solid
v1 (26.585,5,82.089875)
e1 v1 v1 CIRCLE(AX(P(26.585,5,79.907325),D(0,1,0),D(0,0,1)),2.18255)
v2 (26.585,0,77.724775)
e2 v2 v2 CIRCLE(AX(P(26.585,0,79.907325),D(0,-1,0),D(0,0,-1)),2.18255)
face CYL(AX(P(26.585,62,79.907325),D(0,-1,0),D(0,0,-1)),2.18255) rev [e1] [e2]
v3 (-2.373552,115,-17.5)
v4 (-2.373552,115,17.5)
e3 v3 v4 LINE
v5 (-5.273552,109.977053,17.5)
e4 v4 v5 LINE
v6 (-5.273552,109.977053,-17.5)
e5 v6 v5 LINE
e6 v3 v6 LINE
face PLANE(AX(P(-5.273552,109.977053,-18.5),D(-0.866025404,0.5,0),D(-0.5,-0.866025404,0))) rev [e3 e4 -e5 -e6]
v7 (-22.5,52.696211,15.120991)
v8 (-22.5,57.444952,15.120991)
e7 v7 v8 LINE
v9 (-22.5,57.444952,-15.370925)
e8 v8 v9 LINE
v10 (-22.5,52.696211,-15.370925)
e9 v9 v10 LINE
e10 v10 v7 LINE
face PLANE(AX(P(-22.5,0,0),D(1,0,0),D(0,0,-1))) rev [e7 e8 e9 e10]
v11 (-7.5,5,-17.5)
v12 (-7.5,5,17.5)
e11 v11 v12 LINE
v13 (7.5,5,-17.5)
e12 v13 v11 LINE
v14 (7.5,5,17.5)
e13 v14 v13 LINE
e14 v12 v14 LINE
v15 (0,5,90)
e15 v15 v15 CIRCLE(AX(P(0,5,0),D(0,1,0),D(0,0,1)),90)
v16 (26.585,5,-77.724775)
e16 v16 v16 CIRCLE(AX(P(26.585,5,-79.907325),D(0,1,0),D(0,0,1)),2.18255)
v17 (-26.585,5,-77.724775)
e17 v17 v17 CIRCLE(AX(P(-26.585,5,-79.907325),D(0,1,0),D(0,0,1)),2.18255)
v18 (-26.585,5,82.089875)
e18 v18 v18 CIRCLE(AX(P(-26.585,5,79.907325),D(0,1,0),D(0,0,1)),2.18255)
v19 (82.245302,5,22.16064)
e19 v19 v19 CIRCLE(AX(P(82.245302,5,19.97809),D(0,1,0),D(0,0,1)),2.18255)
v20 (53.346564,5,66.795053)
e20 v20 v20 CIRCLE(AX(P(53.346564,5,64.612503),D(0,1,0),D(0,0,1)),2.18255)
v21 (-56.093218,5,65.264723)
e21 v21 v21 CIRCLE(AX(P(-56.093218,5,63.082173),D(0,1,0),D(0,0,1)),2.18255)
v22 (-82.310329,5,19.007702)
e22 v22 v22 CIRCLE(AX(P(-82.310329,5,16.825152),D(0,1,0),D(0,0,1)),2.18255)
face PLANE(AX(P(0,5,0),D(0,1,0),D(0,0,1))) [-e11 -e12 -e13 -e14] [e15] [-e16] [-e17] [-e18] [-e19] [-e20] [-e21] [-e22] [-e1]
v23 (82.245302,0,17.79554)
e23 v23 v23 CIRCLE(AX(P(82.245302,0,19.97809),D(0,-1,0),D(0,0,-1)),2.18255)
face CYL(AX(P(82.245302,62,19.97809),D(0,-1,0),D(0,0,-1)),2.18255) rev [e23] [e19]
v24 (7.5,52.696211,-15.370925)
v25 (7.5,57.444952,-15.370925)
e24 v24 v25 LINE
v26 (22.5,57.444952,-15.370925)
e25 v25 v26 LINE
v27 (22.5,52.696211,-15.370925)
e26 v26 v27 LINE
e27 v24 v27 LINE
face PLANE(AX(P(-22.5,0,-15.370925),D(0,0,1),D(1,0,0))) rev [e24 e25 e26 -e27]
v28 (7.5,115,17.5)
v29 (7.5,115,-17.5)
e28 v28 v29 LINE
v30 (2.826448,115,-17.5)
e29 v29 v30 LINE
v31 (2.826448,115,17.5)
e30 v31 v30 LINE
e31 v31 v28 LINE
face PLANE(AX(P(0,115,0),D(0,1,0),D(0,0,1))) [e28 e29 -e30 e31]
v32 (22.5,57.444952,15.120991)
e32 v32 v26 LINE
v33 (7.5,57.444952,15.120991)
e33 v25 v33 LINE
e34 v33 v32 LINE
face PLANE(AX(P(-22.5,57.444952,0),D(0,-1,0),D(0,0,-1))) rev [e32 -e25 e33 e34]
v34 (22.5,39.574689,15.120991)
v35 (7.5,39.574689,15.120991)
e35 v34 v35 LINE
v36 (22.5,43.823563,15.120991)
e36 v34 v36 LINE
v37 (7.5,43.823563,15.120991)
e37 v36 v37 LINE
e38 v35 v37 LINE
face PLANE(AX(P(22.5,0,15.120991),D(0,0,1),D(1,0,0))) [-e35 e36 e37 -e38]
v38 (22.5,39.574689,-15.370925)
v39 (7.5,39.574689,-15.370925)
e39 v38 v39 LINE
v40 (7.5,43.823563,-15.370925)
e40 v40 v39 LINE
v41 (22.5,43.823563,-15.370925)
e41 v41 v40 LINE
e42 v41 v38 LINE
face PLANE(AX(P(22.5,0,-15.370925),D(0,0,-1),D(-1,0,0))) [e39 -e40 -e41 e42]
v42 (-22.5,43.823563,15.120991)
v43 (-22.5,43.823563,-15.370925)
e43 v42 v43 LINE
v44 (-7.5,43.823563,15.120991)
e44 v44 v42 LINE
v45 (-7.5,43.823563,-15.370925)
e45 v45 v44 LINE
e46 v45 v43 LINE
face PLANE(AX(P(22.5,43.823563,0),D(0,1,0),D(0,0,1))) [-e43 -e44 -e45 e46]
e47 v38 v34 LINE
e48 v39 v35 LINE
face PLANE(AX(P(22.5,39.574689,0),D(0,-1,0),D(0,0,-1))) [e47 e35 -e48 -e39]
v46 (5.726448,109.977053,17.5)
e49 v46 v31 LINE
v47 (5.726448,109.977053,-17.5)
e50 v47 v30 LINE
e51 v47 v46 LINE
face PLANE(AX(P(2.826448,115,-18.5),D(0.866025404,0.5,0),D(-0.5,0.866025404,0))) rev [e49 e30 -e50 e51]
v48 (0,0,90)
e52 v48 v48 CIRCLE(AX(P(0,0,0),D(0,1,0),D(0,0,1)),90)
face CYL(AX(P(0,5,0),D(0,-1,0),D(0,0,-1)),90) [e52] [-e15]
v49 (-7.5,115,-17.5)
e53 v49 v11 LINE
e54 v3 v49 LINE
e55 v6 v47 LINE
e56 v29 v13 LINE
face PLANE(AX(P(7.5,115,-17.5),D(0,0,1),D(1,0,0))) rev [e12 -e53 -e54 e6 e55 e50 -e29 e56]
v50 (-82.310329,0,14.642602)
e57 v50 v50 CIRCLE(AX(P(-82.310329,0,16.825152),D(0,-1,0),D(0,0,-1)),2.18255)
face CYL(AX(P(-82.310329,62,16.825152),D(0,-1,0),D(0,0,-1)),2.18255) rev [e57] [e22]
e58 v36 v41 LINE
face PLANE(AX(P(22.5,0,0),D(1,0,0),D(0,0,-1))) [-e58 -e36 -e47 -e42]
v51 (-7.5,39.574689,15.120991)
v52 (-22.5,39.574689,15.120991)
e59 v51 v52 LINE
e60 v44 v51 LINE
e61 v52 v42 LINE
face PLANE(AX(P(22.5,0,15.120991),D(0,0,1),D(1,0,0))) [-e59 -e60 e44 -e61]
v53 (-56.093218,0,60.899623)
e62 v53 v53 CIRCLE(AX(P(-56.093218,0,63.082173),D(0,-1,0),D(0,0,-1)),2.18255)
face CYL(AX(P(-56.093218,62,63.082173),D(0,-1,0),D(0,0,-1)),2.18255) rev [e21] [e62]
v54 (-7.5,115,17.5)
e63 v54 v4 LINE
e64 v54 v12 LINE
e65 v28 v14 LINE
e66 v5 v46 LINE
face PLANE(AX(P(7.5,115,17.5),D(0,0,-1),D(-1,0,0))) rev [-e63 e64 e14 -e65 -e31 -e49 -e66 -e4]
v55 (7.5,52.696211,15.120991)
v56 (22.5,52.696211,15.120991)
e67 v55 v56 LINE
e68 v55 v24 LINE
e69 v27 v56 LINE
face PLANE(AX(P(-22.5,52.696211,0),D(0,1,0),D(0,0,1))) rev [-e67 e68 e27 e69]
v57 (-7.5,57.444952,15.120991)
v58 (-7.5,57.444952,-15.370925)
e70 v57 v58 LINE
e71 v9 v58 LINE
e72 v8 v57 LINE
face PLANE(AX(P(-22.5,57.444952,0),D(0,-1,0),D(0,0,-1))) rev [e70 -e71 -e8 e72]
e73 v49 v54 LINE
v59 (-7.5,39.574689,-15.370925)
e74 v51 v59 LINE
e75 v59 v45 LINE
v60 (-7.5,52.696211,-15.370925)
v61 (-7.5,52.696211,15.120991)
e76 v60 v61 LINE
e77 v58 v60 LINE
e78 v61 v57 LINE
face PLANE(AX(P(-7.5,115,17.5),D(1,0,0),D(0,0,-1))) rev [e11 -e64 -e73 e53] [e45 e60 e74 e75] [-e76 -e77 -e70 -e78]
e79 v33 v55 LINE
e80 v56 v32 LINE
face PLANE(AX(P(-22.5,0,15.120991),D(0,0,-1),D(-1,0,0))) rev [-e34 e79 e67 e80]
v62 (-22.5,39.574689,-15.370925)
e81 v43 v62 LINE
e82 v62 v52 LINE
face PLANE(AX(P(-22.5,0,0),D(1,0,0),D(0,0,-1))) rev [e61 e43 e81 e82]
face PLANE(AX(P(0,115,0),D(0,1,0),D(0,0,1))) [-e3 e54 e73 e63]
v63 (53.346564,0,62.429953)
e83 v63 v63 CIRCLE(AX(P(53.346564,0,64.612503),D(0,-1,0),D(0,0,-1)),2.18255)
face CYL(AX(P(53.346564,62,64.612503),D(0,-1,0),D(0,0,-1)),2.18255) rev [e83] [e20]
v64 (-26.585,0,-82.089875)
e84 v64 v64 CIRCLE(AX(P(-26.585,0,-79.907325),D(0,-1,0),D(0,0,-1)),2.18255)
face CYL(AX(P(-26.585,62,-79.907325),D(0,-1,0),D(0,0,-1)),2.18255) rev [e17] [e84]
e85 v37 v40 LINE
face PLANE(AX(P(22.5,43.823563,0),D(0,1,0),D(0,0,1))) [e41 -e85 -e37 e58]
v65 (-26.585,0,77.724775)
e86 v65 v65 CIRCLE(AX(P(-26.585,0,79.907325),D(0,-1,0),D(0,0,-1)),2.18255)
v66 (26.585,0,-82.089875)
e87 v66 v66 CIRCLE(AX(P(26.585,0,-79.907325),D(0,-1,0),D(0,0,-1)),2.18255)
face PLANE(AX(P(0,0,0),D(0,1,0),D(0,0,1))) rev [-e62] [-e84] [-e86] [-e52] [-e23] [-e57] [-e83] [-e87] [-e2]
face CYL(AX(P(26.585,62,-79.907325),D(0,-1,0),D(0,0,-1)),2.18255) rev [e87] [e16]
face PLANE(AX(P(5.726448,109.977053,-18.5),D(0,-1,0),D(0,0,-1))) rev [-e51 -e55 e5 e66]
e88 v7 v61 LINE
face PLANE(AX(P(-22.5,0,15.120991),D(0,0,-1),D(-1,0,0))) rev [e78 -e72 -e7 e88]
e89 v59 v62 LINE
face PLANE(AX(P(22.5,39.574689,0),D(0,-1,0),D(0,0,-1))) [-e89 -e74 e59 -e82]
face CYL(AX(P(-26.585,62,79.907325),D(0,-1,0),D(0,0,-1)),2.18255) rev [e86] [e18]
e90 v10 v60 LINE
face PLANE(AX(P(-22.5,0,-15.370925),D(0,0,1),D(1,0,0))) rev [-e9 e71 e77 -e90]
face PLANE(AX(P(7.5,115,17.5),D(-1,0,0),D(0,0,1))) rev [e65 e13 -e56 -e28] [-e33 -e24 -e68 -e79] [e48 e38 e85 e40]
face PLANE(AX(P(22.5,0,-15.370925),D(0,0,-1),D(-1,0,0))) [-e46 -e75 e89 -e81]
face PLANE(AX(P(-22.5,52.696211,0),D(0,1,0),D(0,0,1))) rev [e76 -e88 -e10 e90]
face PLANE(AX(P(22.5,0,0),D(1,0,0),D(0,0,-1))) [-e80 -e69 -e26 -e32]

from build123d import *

# Parameters (mm, degrees)
SKETCH1_R                = 90
BOSS_EXTRUDE1_DEPTH      = 5
SKETCH2_W                = 15
SKETCH2_H                = 35
BOSS_EXTRUDE2_DEPTH      = 110
CUT_EXTRUDE1_DEPTH       = 36
SKETCH4_R                = 2.18255
CUT_EXTRUDE2_DEPTH       = 62
BOSS_EXTRUDE4_DEPTH      = 15
BOSS_EXTRUDE4_DEPTH_BACK = 30
SKETCH6_W                = 30.491916349
SKETCH6_H                = 4.74874107
SKETCH6_H_2              = 4.248873589


with BuildPart() as part:
    # Sketch1 → Boss-Extrude1 (new body)
    with BuildSketch(Plane(origin=(0, 0, 0), x_dir=(1, 0, 0), z_dir=(0, 1, 0))):
        with Locations(Location((0, 0, 0), (0, 0, 270))):
            Circle(SKETCH1_R)
    extrude(amount=BOSS_EXTRUDE1_DEPTH)

    # Sketch2 → Boss-Extrude2 (add)
    with BuildSketch(Plane(origin=(0, 5, 0), x_dir=(1, 0, 0), z_dir=(0, 1, 0))):
        Rectangle(SKETCH2_W, SKETCH2_H)
    extrude(amount=BOSS_EXTRUDE2_DEPTH)

    # Sketch3 → Cut-Extrude1 (cut)
    with BuildSketch(Plane.XY.offset(17.5)):
        Polygon((-2.373551685, 115), (2.826448315, 115), (5.726448315, 109.977052658), (-5.273551685, 109.977052658), align=None)
    extrude(amount=-CUT_EXTRUDE1_DEPTH, mode=Mode.SUBTRACT)

    # Sketch4 → Cut-Extrude2 (cut)
    with BuildSketch(Plane(origin=(0, 0, 0), x_dir=(-1, 0, 0), z_dir=(0, -1, 0))):
        with Locations(Location((-26.585, 79.907325251, 0), (0, 0, 90))):
            Circle(SKETCH4_R)
        with Locations(Location((26.585, 79.907325251, 0), (0, 0, 90))):
            Circle(SKETCH4_R)
        with Locations(Location((82.310329065, -16.825152102, 0), (0, 0, 90))):
            Circle(SKETCH4_R)
        with Locations(Location((56.093218167, -63.082173149, 0), (0, 0, 90))):
            Circle(SKETCH4_R)
        with Locations(Location((26.585, -79.907325251, 0), (0, 0, 90))):
            Circle(SKETCH4_R)
        with Locations(Location((-26.585, -79.907325251, 0), (0, 0, 90))):
            Circle(SKETCH4_R)
        with Locations(Location((-53.346563788, -64.612502947, 0), (0, 0, 90))):
            Circle(SKETCH4_R)
        with Locations(Location((-82.245302282, -19.978089739, 0), (0, 0, 90))):
            Circle(SKETCH4_R)
    extrude(amount=-CUT_EXTRUDE2_DEPTH, mode=Mode.SUBTRACT)

    # Sketch6 → Boss-Extrude4 (add, two sides: drawn at the far end of the back side and taken through both)
    with BuildSketch(Plane(origin=(7.5, 0, 0), x_dir=(0, 0, -1), z_dir=(1, 0, 0)).offset(-BOSS_EXTRUDE4_DEPTH_BACK)):
        with Locations((0.124966871, 55.070581362)):
            Rectangle(SKETCH6_W, SKETCH6_H)
        with Locations((0.124966871, 41.699126242)):
            Rectangle(SKETCH6_W, SKETCH6_H_2)
    extrude(amount=BOSS_EXTRUDE4_DEPTH + BOSS_EXTRUDE4_DEPTH_BACK)


solid = part.part
